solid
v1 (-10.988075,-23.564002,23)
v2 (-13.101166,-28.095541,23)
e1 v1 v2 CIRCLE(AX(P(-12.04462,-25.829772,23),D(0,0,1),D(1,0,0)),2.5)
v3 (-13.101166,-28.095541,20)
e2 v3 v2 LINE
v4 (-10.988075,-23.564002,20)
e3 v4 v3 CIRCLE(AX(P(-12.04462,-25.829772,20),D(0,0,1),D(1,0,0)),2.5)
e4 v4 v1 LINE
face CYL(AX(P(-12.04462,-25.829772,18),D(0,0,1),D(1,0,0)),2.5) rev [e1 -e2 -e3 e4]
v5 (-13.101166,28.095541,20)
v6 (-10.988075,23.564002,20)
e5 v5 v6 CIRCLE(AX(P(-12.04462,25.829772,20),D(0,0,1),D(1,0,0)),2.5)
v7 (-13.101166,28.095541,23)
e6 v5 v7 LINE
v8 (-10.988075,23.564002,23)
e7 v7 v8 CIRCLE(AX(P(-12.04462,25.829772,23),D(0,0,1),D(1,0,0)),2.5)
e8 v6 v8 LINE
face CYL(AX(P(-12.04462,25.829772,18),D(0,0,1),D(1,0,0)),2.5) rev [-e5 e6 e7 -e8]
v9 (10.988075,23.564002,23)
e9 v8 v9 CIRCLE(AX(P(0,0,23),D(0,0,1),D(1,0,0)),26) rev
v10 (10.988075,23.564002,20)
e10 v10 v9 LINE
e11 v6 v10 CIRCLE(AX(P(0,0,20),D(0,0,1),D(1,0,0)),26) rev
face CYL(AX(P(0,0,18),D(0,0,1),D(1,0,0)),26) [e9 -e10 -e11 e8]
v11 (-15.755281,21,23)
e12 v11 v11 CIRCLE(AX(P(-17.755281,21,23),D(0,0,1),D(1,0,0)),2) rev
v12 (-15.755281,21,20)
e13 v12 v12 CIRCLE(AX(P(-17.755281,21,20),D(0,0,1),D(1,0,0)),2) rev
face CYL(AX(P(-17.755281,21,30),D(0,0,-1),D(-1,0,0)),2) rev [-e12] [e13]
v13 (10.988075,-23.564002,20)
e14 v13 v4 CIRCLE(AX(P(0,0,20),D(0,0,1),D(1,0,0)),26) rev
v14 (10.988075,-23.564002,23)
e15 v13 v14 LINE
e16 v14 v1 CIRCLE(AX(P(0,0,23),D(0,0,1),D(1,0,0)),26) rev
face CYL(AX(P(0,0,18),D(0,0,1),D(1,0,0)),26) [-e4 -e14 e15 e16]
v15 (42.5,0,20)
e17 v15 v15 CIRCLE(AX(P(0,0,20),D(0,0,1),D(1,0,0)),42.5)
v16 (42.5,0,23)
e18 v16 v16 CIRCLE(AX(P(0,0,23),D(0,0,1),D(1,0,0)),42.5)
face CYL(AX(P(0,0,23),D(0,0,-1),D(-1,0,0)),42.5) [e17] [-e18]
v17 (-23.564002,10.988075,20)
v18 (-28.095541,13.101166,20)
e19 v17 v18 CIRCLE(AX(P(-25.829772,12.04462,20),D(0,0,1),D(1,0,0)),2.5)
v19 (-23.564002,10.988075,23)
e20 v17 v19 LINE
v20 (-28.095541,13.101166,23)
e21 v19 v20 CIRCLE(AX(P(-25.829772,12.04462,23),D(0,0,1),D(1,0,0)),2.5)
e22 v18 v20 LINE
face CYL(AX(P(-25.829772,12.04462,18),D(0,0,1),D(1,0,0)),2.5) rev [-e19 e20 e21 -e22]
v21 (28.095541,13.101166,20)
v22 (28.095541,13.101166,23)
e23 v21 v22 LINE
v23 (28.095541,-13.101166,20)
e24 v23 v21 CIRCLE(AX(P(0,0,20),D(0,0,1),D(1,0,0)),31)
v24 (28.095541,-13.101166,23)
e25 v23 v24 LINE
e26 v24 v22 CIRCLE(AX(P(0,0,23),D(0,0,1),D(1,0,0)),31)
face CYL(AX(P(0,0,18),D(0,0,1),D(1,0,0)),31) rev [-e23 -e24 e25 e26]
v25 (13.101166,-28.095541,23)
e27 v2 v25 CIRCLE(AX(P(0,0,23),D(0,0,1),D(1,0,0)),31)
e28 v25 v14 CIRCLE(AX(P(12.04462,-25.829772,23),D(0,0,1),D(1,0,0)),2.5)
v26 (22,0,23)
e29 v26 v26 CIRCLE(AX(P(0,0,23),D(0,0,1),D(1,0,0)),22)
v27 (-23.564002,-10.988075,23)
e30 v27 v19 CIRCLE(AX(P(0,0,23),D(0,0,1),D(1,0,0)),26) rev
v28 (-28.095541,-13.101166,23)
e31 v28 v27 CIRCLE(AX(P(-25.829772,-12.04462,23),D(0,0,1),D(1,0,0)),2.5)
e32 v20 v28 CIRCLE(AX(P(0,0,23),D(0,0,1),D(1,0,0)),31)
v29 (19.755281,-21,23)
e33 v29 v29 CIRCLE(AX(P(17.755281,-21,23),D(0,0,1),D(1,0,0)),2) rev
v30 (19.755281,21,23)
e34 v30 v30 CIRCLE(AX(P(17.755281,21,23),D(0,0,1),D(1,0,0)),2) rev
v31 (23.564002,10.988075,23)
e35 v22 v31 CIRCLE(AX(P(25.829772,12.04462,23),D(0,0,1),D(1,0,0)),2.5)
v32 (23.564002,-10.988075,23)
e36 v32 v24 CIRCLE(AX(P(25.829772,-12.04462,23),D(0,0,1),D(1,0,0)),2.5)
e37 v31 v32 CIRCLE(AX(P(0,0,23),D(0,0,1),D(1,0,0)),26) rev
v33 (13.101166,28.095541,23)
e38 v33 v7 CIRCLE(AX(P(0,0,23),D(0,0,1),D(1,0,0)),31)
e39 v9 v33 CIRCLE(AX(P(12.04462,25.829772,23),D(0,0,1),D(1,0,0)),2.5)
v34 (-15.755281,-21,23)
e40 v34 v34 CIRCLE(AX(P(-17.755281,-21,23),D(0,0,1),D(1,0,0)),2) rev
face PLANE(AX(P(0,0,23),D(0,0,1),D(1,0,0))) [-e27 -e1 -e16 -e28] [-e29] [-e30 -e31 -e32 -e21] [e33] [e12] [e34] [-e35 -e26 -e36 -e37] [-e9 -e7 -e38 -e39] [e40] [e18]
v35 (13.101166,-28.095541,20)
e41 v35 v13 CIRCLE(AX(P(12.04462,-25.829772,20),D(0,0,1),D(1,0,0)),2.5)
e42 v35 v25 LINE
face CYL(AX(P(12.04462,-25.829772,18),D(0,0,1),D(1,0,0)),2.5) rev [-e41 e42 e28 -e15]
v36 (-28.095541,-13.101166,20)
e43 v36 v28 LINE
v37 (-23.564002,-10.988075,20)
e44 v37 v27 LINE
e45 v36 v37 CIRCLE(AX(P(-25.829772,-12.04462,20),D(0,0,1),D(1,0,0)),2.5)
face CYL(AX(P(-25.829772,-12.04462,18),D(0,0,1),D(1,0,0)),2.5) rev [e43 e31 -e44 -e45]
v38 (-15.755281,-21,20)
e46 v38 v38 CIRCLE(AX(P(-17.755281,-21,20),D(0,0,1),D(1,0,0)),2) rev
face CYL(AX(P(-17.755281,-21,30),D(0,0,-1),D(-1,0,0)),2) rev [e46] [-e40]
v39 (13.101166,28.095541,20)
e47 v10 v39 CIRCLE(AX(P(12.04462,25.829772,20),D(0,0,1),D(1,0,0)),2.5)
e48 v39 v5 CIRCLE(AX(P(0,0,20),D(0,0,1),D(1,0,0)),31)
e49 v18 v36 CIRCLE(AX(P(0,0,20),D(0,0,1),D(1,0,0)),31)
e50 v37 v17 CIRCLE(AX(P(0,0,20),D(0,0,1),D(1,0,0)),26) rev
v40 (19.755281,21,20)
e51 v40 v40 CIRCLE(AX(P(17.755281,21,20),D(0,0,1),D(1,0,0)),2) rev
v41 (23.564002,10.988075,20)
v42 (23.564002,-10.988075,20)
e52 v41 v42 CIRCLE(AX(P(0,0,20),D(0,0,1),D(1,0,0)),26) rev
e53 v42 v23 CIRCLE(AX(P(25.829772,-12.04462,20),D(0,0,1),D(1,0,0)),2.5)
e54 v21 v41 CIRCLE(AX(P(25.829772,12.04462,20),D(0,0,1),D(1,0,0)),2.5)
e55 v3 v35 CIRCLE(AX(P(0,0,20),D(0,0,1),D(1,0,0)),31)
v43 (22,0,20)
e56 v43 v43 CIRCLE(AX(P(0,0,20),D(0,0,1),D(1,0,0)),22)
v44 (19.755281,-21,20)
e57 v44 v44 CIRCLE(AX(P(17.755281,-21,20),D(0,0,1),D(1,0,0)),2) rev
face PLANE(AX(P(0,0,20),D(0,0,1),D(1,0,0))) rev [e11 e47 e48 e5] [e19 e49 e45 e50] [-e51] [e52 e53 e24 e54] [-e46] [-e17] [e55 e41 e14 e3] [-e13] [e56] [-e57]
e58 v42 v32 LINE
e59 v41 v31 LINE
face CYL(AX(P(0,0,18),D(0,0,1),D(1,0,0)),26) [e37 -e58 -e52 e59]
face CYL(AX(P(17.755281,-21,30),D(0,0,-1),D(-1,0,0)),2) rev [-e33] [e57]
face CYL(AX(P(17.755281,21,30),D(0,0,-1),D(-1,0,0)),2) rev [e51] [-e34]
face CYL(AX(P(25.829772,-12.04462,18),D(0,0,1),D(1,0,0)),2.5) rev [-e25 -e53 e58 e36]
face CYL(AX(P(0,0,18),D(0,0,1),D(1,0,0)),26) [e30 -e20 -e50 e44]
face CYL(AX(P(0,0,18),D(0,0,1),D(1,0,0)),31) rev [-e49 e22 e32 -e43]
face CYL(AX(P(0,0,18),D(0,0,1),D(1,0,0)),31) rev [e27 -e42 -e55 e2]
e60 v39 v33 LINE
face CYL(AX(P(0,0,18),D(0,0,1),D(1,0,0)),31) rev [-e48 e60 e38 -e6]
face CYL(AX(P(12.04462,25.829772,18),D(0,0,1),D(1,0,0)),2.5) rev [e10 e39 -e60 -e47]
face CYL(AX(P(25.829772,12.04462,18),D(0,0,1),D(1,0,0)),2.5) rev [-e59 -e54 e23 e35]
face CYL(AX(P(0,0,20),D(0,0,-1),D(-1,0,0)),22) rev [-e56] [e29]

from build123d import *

# Parameters (mm, degrees)
SKETCH_1_R          = 24
SKETCH_1_R_2        = 22
EXTRUDE_1_DEPTH     = 20
SKETCH_2_R          = 42.5
SKETCH_2_R_2        = 22
EXTRUDE_2_DEPTH     = 3
CUT_EXTRUDE_3_DEPTH = 5
SKETCH_12_R         = 24
CUT_EXTRUDE_4_DEPTH = 20
SKETCH_13_R         = 2
CUT_EXTRUDE_7_DEPTH = 30


with BuildPart() as part:
    # 草图1 → 凸台-拉伸1 (new body)
    with BuildSketch(Plane.XY):
        Circle(SKETCH_1_R)
        Circle(SKETCH_1_R_2, mode=Mode.SUBTRACT)
    extrude(amount=EXTRUDE_1_DEPTH)

    # 草图2 → 凸台-拉伸2 (add)
    with BuildSketch(Plane.XY.offset(20)):
        Circle(SKETCH_2_R)
        Circle(SKETCH_2_R_2, mode=Mode.SUBTRACT)
    extrude(amount=EXTRUDE_2_DEPTH)

    # 草图10 → 切除-拉伸3 (cut, symmetric)
    with BuildSketch(Plane.XY.offset(23)):
        with BuildLine():
            ThreePointArc((28.095541398, -13.101166114), (31, 0), (28.095541398, 13.101166114))
            ThreePointArc((28.095541398, 13.101166114), (24.773226276, 14.310389927), (23.564002463, 10.988074805))
            ThreePointArc((23.564002463, 10.988074805), (26, 0), (23.564002463, -10.988074805))
            ThreePointArc((23.564002463, -10.988074805), (24.773226276, -14.310389927), (28.095541398, -13.101166114))
        make_face()
        with BuildLine():
            ThreePointArc((-13.101166114, -28.095541398), (0, -31), (13.101166114, -28.095541398))
            ThreePointArc((13.101166114, -28.095541398), (14.310389927, -24.773226276), (10.988074805, -23.564002463))
            ThreePointArc((10.988074805, -23.564002463), (0, -26), (-10.988074805, -23.564002463))
            ThreePointArc((-10.988074805, -23.564002463), (-14.310389927, -24.773226276), (-13.101166114, -28.095541398))
        make_face()
        with BuildLine():
            ThreePointArc((-28.095541398, 13.101166114), (-31, 0), (-28.095541398, -13.101166114))
            ThreePointArc((-28.095541398, -13.101166114), (-24.773226276, -14.310389927), (-23.564002463, -10.988074805))
            ThreePointArc((-23.564002463, -10.988074805), (-26, 0), (-23.564002463, 10.988074805))
            ThreePointArc((-23.564002463, 10.988074805), (-24.773226276, 14.310389927), (-28.095541398, 13.101166114))
        make_face()
        with BuildLine():
            ThreePointArc((13.101166114, 28.095541398), (0, 31), (-13.101166114, 28.095541398))
            ThreePointArc((-13.101166114, 28.095541398), (-14.310389927, 24.773226276), (-10.988074805, 23.564002463))
            ThreePointArc((-10.988074805, 23.564002463), (0, 26), (10.988074805, 23.564002463))
            ThreePointArc((10.988074805, 23.564002463), (14.310389927, 24.773226276), (13.101166114, 28.095541398))
        make_face()
    extrude(amount=CUT_EXTRUDE_3_DEPTH, both=True, mode=Mode.SUBTRACT)

    # 草图12 → 切除-拉伸4 (cut)
    with BuildSketch(Plane(origin=(0, 0, 0), x_dir=(-1, 0, 0), z_dir=(0, 0, -1))):
        Circle(SKETCH_12_R)
    extrude(amount=-CUT_EXTRUDE_4_DEPTH, mode=Mode.SUBTRACT)

    # 草图13 → 切除-拉伸7 (cut)
    with BuildSketch(Plane.XY):
        with Locations((17.755280905, -21)):
            Circle(SKETCH_13_R)
        with Locations((-17.755280905, -21)):
            Circle(SKETCH_13_R)
        with Locations((17.755280905, 21)):
            Circle(SKETCH_13_R)
        with Locations((-17.755280905, 21)):
            Circle(SKETCH_13_R)
    extrude(amount=CUT_EXTRUDE_7_DEPTH, mode=Mode.SUBTRACT)


solid = part.part
